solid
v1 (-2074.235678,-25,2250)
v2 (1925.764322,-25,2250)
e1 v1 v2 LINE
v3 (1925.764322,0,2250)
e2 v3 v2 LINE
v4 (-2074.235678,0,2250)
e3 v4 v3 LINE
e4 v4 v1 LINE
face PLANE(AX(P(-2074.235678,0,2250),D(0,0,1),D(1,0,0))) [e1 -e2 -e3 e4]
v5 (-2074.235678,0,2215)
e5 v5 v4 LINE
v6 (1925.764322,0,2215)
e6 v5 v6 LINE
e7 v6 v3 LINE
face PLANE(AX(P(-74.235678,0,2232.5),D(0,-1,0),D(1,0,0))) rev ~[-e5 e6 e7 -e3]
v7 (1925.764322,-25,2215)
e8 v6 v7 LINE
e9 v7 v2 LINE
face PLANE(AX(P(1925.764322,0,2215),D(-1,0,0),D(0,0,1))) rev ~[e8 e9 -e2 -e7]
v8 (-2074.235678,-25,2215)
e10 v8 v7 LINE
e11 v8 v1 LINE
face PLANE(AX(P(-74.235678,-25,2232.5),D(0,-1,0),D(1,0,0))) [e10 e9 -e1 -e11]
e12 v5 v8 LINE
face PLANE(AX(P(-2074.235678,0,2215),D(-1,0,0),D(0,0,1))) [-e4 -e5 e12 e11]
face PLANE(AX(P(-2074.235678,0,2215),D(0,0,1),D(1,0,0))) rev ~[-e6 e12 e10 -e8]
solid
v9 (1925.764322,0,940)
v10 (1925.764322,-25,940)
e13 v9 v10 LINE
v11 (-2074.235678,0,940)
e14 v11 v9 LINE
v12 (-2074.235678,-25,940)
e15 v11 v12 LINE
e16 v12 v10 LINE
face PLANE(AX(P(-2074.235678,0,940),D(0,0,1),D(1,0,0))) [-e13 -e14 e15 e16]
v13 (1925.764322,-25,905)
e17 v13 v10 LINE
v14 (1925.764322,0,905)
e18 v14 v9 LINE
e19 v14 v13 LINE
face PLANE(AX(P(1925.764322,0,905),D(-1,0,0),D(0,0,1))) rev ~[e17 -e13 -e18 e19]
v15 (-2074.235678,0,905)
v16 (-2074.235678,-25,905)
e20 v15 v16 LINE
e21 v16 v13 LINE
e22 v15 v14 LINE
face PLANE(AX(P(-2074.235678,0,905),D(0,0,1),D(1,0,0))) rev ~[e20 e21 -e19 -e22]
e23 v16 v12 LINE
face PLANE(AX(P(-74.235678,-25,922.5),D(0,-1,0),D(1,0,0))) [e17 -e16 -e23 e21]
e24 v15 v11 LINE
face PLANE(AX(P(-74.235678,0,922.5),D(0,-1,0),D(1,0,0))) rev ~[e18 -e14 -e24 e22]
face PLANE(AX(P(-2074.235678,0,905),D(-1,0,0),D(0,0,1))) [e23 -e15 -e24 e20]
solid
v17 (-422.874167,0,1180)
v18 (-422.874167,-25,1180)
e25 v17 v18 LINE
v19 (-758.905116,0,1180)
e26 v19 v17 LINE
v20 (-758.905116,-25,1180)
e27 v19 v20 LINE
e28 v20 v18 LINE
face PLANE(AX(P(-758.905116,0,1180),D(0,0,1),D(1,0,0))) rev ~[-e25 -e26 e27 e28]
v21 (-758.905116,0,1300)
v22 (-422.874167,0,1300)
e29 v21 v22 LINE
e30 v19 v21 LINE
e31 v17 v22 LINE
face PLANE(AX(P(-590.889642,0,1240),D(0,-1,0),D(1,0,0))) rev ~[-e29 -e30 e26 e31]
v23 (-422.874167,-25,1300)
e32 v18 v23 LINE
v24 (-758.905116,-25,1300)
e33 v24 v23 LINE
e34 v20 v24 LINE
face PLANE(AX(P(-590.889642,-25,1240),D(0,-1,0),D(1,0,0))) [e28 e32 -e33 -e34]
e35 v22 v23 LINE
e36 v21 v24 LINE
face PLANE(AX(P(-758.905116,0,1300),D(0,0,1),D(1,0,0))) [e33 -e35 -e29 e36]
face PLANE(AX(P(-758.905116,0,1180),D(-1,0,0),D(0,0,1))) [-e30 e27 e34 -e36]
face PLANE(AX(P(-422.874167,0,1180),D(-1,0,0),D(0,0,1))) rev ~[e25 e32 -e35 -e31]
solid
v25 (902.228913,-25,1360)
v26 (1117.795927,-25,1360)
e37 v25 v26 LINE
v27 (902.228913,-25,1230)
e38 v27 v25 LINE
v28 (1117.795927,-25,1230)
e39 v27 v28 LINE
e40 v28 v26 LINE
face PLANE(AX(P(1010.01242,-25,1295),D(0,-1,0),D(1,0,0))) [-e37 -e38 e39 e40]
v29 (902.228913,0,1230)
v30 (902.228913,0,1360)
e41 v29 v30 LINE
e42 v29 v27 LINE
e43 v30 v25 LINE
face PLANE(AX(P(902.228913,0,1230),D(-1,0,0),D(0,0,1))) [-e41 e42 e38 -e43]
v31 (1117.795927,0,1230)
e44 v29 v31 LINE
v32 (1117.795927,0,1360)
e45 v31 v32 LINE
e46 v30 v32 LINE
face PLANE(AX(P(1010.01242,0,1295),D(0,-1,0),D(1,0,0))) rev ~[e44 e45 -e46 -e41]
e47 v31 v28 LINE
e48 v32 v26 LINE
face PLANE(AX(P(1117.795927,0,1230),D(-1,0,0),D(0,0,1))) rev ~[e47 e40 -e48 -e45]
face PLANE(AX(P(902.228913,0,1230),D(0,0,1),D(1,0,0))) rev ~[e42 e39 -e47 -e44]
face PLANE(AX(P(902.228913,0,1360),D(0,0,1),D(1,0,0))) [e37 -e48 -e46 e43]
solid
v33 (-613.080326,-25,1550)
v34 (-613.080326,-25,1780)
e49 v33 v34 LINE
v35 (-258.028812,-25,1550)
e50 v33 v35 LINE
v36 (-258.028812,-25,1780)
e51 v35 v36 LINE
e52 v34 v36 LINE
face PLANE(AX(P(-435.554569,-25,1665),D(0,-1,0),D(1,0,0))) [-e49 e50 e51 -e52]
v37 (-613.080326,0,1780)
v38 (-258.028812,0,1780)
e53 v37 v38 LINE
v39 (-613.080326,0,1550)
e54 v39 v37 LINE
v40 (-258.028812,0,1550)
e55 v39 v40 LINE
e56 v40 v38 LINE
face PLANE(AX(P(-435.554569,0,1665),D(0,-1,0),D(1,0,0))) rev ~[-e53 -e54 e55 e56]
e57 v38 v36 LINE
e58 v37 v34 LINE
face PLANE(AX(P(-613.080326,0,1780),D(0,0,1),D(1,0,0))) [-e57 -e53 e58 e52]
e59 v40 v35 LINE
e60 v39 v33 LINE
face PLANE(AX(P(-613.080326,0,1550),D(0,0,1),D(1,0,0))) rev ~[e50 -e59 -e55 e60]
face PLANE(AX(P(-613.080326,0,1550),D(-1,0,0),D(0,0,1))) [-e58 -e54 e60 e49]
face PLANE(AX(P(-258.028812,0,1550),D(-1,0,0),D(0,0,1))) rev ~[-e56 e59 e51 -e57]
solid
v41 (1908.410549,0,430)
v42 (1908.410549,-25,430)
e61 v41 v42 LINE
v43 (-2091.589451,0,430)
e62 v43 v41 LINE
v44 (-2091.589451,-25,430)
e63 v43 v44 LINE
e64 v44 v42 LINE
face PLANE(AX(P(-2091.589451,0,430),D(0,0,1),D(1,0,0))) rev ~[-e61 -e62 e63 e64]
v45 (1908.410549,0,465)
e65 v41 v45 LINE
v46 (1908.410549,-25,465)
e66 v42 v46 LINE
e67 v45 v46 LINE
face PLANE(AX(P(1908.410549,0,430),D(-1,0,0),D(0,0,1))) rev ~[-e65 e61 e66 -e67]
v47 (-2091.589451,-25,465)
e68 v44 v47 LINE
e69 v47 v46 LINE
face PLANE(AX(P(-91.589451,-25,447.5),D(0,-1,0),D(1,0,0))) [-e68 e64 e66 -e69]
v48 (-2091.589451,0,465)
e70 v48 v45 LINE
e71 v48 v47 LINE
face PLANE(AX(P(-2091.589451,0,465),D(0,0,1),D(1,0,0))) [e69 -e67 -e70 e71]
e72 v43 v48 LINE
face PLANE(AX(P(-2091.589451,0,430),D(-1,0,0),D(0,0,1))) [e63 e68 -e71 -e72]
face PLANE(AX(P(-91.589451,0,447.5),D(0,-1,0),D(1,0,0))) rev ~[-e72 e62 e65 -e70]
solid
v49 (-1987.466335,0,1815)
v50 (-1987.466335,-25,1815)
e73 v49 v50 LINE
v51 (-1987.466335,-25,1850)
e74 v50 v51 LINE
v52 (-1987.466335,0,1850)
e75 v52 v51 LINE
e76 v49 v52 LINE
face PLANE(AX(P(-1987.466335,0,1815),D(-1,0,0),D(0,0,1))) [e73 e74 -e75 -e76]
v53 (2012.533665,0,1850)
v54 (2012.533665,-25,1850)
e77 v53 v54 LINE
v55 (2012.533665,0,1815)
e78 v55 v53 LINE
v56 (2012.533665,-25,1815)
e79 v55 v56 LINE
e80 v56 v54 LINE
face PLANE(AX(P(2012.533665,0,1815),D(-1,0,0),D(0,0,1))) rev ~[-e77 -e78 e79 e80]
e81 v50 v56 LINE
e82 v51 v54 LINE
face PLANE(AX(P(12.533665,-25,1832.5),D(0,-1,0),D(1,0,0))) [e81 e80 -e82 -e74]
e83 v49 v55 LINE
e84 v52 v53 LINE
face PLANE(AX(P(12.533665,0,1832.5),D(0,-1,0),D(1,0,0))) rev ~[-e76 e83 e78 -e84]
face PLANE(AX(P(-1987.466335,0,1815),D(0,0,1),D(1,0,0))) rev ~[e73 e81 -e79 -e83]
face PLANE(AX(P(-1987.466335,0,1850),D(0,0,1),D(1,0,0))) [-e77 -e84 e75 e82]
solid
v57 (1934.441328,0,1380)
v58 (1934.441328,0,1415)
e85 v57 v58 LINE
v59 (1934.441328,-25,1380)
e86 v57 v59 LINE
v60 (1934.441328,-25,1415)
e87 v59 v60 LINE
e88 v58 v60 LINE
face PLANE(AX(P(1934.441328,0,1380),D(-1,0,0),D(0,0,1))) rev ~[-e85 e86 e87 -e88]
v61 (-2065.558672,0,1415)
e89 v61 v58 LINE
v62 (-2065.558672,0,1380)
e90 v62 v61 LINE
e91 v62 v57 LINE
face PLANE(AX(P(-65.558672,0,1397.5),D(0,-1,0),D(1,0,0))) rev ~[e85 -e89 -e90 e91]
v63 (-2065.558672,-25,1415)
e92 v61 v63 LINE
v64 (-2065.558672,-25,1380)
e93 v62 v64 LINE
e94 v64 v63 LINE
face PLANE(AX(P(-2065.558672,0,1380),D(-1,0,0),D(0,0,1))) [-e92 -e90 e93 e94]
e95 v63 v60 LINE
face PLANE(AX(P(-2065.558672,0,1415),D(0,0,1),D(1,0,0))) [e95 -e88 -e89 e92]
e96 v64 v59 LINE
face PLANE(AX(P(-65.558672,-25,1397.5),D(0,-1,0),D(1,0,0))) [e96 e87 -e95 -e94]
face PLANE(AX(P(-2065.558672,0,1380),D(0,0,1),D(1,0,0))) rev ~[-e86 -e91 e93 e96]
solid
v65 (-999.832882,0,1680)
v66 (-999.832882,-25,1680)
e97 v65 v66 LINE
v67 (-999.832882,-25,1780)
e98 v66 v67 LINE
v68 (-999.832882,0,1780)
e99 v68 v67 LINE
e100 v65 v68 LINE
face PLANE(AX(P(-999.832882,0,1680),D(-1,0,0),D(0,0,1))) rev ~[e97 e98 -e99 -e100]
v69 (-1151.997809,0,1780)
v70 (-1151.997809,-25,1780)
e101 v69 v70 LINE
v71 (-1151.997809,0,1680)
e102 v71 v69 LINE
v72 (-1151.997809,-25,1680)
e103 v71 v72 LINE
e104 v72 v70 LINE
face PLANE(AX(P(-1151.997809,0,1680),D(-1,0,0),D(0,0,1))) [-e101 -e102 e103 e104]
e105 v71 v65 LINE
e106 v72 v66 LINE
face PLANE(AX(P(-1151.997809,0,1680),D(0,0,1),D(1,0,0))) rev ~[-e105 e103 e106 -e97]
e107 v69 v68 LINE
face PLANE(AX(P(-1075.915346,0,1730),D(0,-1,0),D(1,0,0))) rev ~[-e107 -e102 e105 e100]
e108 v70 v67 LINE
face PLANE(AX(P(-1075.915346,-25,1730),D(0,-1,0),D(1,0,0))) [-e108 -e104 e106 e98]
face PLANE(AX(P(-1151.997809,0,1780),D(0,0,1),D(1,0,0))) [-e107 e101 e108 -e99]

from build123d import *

# Parameters (mm, degrees)
F0_W     = 215.567014
F0_H     = 130
F0_W_2   = 336.030949
F0_H_2   = 120
F0_W_3   = 355.051514
F0_H_3   = 230
F0_W_4   = 4000
F0_H_4   = 35
F0_W_5   = 152.164927
F0_H_5   = 100
F1_DEPTH = 25


with BuildPart() as f1:
    # F0 (on Front) → F1 (new body)
    with BuildSketch(Plane.XZ):
        with Locations((1010.01242, 1295)):
            Rectangle(F0_W, F0_H)
        with Locations((-590.889642, 1240)):
            Rectangle(F0_W_2, F0_H_2)
        with Locations((-435.554569, 1665)):
            Rectangle(F0_W_3, F0_H_3)
        with Locations((-91.589451, 447.5)):
            Rectangle(F0_W_4, F0_H_4)
        with Locations((-74.235678, 922.5)):
            Rectangle(F0_W_4, F0_H_4)
        with Locations((-65.558672, 1397.5)):
            Rectangle(F0_W_4, F0_H_4)
        with Locations((12.533665, 1832.5)):
            Rectangle(F0_W_4, F0_H_4)
        with Locations((-74.235678, 2232.5)):
            Rectangle(F0_W_4, F0_H_4)
        with Locations((-1075.915346, 1730)):
            Rectangle(F0_W_5, F0_H_5)
    extrude(amount=F1_DEPTH)


solid = f1.part
